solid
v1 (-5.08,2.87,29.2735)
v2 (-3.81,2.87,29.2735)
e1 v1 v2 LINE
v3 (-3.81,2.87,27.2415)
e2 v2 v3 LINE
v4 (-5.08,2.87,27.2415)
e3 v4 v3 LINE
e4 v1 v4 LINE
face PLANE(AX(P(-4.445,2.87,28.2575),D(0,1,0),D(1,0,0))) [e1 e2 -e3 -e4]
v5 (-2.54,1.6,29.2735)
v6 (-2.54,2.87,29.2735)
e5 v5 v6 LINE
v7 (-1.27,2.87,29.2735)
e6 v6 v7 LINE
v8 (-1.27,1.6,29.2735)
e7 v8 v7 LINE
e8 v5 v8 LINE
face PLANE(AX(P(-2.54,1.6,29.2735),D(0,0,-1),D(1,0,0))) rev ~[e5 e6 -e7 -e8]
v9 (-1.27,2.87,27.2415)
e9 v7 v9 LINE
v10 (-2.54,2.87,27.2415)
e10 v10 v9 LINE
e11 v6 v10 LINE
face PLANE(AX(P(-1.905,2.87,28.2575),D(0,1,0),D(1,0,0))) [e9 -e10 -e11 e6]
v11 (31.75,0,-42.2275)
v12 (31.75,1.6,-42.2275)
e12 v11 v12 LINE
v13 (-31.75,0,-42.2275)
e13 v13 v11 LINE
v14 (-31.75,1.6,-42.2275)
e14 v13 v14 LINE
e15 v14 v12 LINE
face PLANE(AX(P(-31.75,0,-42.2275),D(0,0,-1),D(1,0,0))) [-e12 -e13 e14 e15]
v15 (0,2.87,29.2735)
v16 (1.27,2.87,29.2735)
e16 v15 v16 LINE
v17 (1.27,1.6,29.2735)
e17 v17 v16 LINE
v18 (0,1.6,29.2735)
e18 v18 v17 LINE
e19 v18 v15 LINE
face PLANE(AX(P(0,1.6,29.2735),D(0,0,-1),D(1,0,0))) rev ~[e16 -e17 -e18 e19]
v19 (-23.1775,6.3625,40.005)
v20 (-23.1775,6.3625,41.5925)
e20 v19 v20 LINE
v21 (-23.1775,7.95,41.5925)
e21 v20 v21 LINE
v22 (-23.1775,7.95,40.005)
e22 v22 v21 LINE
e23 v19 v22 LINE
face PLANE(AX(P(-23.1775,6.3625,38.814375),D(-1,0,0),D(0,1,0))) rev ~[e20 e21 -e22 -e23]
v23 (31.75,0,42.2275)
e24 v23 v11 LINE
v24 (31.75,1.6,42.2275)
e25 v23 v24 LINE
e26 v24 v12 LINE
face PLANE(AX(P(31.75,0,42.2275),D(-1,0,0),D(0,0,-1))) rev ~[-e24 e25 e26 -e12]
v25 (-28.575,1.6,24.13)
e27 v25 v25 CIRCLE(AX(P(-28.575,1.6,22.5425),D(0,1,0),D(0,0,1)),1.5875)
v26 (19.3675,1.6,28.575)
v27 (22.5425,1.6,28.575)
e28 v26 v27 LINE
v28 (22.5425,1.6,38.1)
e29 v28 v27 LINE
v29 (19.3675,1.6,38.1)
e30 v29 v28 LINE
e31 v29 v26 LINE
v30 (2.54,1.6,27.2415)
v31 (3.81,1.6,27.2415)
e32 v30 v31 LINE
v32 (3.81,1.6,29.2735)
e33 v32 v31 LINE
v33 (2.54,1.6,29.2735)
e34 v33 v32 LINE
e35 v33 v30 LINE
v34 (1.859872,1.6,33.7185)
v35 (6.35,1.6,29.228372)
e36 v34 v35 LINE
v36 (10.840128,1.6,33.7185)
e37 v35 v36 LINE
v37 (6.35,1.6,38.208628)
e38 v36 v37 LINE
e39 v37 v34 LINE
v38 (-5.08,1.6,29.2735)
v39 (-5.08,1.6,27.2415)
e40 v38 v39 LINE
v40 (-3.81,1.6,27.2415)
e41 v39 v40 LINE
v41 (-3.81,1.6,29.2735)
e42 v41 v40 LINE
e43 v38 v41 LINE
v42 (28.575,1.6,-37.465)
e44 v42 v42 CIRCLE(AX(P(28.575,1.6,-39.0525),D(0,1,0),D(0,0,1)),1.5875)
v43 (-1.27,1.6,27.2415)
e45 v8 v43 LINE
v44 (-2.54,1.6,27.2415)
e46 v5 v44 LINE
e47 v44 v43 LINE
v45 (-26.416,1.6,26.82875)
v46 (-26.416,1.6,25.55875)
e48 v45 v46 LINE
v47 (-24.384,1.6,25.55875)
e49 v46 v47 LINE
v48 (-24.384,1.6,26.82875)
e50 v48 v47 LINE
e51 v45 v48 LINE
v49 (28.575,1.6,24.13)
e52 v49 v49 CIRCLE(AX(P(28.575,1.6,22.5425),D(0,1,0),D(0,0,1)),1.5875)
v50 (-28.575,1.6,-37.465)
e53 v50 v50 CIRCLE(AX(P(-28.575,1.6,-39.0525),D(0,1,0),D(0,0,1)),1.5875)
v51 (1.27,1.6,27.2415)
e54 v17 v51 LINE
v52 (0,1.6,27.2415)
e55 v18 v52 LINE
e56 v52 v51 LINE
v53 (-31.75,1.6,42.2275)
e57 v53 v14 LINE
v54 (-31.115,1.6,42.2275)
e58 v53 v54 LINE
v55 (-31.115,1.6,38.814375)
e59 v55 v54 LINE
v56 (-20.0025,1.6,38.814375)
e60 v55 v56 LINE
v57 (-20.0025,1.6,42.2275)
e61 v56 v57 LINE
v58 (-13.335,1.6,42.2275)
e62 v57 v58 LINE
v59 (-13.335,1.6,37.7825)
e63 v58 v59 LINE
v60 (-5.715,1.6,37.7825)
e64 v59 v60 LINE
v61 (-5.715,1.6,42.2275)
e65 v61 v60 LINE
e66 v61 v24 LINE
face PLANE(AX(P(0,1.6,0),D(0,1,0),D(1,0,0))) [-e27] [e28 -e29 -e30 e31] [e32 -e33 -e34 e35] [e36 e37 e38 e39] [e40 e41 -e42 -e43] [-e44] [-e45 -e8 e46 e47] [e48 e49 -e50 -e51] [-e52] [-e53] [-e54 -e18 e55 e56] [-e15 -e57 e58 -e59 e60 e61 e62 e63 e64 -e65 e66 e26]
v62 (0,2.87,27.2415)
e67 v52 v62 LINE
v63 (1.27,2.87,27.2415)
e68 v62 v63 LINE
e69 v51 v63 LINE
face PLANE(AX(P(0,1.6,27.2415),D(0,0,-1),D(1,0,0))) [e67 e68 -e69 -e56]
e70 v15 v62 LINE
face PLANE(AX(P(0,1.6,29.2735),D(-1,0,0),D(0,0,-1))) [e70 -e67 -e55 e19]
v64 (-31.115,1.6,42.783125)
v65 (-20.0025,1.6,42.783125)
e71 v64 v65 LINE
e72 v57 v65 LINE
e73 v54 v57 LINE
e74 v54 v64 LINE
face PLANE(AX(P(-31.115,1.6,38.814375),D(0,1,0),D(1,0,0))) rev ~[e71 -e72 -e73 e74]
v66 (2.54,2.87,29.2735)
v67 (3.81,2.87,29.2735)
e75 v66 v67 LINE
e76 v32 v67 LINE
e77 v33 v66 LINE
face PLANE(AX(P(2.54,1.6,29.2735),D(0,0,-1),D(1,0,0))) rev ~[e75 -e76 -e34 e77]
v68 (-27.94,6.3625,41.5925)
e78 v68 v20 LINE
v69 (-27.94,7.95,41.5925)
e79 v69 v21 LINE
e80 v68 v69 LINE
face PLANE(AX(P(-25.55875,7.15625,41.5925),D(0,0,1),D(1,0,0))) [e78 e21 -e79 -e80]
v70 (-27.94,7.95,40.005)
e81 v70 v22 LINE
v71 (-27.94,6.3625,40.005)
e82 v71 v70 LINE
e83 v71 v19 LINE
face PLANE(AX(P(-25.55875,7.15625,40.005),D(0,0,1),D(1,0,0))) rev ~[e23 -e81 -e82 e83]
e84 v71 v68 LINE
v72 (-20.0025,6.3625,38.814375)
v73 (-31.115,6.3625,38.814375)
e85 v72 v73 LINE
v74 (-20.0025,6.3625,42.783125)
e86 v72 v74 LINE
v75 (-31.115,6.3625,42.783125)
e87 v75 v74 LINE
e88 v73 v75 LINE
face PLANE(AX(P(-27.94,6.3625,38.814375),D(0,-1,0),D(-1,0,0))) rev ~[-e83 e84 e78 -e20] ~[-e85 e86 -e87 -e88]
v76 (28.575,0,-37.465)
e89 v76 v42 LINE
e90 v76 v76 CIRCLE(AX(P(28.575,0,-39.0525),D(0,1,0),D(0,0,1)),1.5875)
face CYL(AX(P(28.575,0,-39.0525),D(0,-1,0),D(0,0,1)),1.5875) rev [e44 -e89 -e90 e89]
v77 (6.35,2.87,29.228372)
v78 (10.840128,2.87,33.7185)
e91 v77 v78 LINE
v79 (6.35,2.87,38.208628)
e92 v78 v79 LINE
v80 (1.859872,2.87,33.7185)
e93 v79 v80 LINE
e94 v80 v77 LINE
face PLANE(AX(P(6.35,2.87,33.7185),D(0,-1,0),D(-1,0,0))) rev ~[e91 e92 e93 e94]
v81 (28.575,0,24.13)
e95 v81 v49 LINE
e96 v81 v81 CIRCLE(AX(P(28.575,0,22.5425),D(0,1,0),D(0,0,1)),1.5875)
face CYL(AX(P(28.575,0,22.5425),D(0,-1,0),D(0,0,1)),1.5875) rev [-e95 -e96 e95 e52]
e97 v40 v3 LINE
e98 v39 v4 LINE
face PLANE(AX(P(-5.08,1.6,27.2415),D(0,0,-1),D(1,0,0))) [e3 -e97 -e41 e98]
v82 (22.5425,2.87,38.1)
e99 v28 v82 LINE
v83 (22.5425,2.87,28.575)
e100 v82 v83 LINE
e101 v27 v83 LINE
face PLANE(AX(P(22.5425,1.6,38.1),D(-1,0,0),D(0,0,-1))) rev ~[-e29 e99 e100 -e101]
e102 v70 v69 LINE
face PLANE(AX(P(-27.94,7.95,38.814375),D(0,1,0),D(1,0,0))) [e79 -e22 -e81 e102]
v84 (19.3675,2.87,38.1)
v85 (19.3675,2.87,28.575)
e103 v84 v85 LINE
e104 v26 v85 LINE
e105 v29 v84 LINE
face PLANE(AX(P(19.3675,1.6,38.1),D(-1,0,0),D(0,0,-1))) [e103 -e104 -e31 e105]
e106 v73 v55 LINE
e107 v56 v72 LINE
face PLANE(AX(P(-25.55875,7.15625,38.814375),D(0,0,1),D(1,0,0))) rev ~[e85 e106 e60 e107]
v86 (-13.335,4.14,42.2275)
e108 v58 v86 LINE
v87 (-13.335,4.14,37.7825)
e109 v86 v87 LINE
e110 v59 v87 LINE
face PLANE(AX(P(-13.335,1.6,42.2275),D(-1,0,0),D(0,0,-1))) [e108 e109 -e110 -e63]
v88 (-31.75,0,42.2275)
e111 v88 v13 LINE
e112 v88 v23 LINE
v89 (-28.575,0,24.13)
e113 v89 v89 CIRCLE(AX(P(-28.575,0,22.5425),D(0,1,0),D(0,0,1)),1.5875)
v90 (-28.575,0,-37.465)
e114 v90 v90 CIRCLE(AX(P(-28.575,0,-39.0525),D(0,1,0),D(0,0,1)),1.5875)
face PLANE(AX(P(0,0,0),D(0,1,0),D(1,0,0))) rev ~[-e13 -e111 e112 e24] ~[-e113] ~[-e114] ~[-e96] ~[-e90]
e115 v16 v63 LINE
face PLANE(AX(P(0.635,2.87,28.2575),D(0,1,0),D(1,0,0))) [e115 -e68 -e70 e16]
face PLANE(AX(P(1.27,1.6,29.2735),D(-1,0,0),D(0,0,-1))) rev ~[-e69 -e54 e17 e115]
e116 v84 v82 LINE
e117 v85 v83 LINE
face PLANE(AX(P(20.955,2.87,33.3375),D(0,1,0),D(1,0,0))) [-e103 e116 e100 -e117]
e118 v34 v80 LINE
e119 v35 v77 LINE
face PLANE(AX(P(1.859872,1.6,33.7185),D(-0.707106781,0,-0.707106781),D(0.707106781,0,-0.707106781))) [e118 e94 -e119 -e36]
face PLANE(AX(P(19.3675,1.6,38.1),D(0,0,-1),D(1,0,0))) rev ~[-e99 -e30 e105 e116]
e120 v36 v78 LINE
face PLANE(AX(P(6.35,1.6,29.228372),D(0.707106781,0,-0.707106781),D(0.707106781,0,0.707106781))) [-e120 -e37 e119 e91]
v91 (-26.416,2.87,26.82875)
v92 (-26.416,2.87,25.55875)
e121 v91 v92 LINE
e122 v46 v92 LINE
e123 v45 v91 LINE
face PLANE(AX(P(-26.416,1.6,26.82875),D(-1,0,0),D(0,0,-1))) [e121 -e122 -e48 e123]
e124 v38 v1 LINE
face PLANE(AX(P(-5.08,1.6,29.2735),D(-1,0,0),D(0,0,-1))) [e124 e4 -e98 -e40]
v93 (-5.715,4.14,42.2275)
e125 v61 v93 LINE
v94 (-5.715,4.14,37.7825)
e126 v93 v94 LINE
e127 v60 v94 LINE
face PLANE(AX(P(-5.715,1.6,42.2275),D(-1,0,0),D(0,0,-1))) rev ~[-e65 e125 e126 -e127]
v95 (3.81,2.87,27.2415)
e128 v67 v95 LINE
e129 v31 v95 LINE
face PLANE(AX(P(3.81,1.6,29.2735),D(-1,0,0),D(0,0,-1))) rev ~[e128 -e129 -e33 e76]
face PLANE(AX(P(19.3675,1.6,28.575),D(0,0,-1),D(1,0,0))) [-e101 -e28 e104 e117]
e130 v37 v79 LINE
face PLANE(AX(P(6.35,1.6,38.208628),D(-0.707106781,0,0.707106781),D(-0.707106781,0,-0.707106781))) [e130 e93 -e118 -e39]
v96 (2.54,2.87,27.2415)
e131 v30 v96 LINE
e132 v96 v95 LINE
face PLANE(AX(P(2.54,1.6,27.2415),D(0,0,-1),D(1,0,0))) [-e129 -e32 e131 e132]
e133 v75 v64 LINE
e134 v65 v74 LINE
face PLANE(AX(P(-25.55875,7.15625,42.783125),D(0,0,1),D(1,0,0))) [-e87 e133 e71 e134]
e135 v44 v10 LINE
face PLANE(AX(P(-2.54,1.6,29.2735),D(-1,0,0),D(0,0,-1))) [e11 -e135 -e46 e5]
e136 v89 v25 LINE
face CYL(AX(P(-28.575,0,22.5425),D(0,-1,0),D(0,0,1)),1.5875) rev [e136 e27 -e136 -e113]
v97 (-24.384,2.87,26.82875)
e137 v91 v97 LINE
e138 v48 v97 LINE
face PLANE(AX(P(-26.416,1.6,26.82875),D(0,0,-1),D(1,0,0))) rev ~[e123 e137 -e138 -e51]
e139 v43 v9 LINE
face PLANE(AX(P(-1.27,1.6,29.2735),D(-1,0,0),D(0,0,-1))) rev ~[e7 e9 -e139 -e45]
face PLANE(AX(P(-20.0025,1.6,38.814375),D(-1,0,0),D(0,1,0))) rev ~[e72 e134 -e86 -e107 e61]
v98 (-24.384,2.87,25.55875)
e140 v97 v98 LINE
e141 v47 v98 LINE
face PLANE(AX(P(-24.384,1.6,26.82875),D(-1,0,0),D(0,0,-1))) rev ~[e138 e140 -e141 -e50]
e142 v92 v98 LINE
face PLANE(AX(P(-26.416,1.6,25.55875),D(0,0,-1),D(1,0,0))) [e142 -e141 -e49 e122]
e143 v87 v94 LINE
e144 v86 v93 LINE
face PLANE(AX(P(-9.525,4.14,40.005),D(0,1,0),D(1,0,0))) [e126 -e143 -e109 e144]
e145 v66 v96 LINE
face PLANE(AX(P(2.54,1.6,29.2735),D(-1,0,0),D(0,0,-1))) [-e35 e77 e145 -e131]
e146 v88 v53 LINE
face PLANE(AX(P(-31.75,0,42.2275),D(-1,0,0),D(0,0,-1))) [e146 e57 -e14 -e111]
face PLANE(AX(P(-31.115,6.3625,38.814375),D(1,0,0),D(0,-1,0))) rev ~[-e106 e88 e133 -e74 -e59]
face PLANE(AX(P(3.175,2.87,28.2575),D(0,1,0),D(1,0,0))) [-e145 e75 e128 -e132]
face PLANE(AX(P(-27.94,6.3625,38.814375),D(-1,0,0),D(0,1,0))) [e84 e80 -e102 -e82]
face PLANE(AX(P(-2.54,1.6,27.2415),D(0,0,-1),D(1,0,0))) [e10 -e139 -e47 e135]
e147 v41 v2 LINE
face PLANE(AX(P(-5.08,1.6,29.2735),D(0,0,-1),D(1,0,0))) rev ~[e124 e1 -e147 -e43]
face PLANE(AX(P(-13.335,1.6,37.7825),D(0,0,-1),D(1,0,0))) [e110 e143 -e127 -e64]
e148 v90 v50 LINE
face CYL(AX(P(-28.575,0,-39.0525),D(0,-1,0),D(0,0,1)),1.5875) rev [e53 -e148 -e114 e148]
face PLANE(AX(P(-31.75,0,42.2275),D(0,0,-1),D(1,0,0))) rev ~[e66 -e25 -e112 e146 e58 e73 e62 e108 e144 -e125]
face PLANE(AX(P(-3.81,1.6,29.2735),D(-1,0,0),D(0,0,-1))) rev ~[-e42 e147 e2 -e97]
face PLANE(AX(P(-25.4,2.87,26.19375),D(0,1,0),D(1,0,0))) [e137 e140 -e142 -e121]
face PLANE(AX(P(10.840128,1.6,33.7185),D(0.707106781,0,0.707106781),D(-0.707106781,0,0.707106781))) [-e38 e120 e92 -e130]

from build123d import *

# Parameters (mm, degrees)
SKETCH1_W                = 63.5
SKETCH1_H                = 84.455
SKETCH1_R                = 1.5875
BOSS_EXTRUDE1_DEPTH      = 1.6
SKETCH2_W                = 1.27
SKETCH2_H                = 2.032
SKETCH2_W_2              = 3.175
SKETCH2_H_2              = 9.525
SKETCH2_W_3              = 2.032
SKETCH2_H_3              = 1.27
BOSS_EXTRUDE2_DEPTH      = 1.27
SKETCH3_W                = 7.62
SKETCH3_H                = 4.445
BOSS_EXTRUDE3_DEPTH      = 2.54
BOSS_EXTRUDE4_DEPTH      = 1.984375
BOSS_EXTRUDE4_DEPTH_BACK = 1.984375
BOSS_EXTRUDE4_START      = -1.42875
CUT_EXTRUDE1_REACH       = 94.284
CUT_EXTRUDE1_START       = -1.190625
SKETCH5_W                = 4.7625
SKETCH5_H                = 1.5875
CUT_EXTRUDE2_REACH       = 95.872
CUT_EXTRUDE2_START       = -2.778125
SKETCH5_2_W              = 4.7625
SKETCH5_2_H              = 1.5875


with BuildPart() as part:
    # Sketch1 → Boss-Extrude1 (new body)
    with BuildSketch(Plane(origin=(0, 0, 0), x_dir=(1, 0, 0), z_dir=(0, 1, 0))):
        Rectangle(SKETCH1_W, SKETCH1_H)
        with Locations((-28.575, 39.0525)):
            Circle(SKETCH1_R, mode=Mode.SUBTRACT)
        with Locations((28.575, 39.0525)):
            Circle(SKETCH1_R, mode=Mode.SUBTRACT)
        with Locations((-28.575, -22.5425)):
            Circle(SKETCH1_R, mode=Mode.SUBTRACT)
        with Locations((28.575, -22.5425)):
            Circle(SKETCH1_R, mode=Mode.SUBTRACT)
    extrude(amount=BOSS_EXTRUDE1_DEPTH)

    # Sketch2 → Boss-Extrude2 (add)
    with BuildSketch(Plane(origin=(0, 1.6, 0), x_dir=(1, 0, 0), z_dir=(0, 1, 0))):
        Polygon((6.35, -29.228371939), (10.840128061, -33.7185), (6.35, -38.208628061), (1.859871939, -33.7185), align=None)
        with Locations((-1.905, -28.2575)):
            Rectangle(SKETCH2_W, SKETCH2_H)
        with Locations((-4.445, -28.2575)):
            Rectangle(SKETCH2_W, SKETCH2_H)
        with Locations((0.635, -28.2575)):
            Rectangle(SKETCH2_W, SKETCH2_H)
        with Locations((3.175, -28.2575)):
            Rectangle(SKETCH2_W, SKETCH2_H)
        with Locations((20.955, -33.3375)):
            Rectangle(SKETCH2_W_2, SKETCH2_H_2)
        with Locations((-25.4, -26.19375)):
            Rectangle(SKETCH2_W_3, SKETCH2_H_3)
    extrude(amount=BOSS_EXTRUDE2_DEPTH)

    # Sketch3 → Boss-Extrude3 (add)
    with BuildSketch(Plane(origin=(0, 1.6, 0), x_dir=(1, 0, 0), z_dir=(0, 1, 0))):
        with Locations((-9.525, -40.005)):
            Rectangle(SKETCH3_W, SKETCH3_H)
    extrude(amount=BOSS_EXTRUDE3_DEPTH)

    # Sketch4 → Boss-Extrude4 (add, two sides: drawn at the far end of the back side and taken through both)
    with BuildSketch(Plane.XY.offset(42.2275).offset(BOSS_EXTRUDE4_START - BOSS_EXTRUDE4_DEPTH_BACK)):
        Polygon((-27.94, 6.3625), (-31.115, 6.3625), (-31.115, 1.6), (-20.0025, 1.6), (-20.0025, 6.3625), (-23.1775, 6.3625), (-23.1775, 7.95), (-27.94, 7.95), align=None)
    extrude(amount=BOSS_EXTRUDE4_DEPTH + BOSS_EXTRUDE4_DEPTH_BACK)

    # Sketch5 → Cut-Extrude1 (cut, up to next)
    with BuildSketch(Plane.XY.offset(42.783125).offset(CUT_EXTRUDE1_START), mode=Mode.PRIVATE) as cut_extrude1_sk1:
        with Locations((-25.55875, 7.15625)):
            Rectangle(SKETCH5_W, SKETCH5_H)
    cut_extrude1_tool1 = extrude(cut_extrude1_sk1.sketch, amount=CUT_EXTRUDE1_REACH, mode=Mode.PRIVATE) & part.part
    add(cut_extrude1_tool1.solids().sort_by_distance((-25.55875, 7.15625, 41.5925))[0], mode=Mode.SUBTRACT)

    # Sketch5<2> → Cut-Extrude2 (cut, up to next)
    with BuildSketch(Plane.XY.offset(42.783125).offset(CUT_EXTRUDE2_START), mode=Mode.PRIVATE) as cut_extrude2_sk1:
        with Locations((-25.55875, 7.15625)):
            Rectangle(SKETCH5_2_W, SKETCH5_2_H)
    cut_extrude2_tool1 = extrude(cut_extrude2_sk1.sketch, amount=-CUT_EXTRUDE2_REACH, mode=Mode.PRIVATE) & part.part
    add(cut_extrude2_tool1.solids().sort_by_distance((-25.55875, 7.15625, 40.005))[0], mode=Mode.SUBTRACT)


solid = part.part
